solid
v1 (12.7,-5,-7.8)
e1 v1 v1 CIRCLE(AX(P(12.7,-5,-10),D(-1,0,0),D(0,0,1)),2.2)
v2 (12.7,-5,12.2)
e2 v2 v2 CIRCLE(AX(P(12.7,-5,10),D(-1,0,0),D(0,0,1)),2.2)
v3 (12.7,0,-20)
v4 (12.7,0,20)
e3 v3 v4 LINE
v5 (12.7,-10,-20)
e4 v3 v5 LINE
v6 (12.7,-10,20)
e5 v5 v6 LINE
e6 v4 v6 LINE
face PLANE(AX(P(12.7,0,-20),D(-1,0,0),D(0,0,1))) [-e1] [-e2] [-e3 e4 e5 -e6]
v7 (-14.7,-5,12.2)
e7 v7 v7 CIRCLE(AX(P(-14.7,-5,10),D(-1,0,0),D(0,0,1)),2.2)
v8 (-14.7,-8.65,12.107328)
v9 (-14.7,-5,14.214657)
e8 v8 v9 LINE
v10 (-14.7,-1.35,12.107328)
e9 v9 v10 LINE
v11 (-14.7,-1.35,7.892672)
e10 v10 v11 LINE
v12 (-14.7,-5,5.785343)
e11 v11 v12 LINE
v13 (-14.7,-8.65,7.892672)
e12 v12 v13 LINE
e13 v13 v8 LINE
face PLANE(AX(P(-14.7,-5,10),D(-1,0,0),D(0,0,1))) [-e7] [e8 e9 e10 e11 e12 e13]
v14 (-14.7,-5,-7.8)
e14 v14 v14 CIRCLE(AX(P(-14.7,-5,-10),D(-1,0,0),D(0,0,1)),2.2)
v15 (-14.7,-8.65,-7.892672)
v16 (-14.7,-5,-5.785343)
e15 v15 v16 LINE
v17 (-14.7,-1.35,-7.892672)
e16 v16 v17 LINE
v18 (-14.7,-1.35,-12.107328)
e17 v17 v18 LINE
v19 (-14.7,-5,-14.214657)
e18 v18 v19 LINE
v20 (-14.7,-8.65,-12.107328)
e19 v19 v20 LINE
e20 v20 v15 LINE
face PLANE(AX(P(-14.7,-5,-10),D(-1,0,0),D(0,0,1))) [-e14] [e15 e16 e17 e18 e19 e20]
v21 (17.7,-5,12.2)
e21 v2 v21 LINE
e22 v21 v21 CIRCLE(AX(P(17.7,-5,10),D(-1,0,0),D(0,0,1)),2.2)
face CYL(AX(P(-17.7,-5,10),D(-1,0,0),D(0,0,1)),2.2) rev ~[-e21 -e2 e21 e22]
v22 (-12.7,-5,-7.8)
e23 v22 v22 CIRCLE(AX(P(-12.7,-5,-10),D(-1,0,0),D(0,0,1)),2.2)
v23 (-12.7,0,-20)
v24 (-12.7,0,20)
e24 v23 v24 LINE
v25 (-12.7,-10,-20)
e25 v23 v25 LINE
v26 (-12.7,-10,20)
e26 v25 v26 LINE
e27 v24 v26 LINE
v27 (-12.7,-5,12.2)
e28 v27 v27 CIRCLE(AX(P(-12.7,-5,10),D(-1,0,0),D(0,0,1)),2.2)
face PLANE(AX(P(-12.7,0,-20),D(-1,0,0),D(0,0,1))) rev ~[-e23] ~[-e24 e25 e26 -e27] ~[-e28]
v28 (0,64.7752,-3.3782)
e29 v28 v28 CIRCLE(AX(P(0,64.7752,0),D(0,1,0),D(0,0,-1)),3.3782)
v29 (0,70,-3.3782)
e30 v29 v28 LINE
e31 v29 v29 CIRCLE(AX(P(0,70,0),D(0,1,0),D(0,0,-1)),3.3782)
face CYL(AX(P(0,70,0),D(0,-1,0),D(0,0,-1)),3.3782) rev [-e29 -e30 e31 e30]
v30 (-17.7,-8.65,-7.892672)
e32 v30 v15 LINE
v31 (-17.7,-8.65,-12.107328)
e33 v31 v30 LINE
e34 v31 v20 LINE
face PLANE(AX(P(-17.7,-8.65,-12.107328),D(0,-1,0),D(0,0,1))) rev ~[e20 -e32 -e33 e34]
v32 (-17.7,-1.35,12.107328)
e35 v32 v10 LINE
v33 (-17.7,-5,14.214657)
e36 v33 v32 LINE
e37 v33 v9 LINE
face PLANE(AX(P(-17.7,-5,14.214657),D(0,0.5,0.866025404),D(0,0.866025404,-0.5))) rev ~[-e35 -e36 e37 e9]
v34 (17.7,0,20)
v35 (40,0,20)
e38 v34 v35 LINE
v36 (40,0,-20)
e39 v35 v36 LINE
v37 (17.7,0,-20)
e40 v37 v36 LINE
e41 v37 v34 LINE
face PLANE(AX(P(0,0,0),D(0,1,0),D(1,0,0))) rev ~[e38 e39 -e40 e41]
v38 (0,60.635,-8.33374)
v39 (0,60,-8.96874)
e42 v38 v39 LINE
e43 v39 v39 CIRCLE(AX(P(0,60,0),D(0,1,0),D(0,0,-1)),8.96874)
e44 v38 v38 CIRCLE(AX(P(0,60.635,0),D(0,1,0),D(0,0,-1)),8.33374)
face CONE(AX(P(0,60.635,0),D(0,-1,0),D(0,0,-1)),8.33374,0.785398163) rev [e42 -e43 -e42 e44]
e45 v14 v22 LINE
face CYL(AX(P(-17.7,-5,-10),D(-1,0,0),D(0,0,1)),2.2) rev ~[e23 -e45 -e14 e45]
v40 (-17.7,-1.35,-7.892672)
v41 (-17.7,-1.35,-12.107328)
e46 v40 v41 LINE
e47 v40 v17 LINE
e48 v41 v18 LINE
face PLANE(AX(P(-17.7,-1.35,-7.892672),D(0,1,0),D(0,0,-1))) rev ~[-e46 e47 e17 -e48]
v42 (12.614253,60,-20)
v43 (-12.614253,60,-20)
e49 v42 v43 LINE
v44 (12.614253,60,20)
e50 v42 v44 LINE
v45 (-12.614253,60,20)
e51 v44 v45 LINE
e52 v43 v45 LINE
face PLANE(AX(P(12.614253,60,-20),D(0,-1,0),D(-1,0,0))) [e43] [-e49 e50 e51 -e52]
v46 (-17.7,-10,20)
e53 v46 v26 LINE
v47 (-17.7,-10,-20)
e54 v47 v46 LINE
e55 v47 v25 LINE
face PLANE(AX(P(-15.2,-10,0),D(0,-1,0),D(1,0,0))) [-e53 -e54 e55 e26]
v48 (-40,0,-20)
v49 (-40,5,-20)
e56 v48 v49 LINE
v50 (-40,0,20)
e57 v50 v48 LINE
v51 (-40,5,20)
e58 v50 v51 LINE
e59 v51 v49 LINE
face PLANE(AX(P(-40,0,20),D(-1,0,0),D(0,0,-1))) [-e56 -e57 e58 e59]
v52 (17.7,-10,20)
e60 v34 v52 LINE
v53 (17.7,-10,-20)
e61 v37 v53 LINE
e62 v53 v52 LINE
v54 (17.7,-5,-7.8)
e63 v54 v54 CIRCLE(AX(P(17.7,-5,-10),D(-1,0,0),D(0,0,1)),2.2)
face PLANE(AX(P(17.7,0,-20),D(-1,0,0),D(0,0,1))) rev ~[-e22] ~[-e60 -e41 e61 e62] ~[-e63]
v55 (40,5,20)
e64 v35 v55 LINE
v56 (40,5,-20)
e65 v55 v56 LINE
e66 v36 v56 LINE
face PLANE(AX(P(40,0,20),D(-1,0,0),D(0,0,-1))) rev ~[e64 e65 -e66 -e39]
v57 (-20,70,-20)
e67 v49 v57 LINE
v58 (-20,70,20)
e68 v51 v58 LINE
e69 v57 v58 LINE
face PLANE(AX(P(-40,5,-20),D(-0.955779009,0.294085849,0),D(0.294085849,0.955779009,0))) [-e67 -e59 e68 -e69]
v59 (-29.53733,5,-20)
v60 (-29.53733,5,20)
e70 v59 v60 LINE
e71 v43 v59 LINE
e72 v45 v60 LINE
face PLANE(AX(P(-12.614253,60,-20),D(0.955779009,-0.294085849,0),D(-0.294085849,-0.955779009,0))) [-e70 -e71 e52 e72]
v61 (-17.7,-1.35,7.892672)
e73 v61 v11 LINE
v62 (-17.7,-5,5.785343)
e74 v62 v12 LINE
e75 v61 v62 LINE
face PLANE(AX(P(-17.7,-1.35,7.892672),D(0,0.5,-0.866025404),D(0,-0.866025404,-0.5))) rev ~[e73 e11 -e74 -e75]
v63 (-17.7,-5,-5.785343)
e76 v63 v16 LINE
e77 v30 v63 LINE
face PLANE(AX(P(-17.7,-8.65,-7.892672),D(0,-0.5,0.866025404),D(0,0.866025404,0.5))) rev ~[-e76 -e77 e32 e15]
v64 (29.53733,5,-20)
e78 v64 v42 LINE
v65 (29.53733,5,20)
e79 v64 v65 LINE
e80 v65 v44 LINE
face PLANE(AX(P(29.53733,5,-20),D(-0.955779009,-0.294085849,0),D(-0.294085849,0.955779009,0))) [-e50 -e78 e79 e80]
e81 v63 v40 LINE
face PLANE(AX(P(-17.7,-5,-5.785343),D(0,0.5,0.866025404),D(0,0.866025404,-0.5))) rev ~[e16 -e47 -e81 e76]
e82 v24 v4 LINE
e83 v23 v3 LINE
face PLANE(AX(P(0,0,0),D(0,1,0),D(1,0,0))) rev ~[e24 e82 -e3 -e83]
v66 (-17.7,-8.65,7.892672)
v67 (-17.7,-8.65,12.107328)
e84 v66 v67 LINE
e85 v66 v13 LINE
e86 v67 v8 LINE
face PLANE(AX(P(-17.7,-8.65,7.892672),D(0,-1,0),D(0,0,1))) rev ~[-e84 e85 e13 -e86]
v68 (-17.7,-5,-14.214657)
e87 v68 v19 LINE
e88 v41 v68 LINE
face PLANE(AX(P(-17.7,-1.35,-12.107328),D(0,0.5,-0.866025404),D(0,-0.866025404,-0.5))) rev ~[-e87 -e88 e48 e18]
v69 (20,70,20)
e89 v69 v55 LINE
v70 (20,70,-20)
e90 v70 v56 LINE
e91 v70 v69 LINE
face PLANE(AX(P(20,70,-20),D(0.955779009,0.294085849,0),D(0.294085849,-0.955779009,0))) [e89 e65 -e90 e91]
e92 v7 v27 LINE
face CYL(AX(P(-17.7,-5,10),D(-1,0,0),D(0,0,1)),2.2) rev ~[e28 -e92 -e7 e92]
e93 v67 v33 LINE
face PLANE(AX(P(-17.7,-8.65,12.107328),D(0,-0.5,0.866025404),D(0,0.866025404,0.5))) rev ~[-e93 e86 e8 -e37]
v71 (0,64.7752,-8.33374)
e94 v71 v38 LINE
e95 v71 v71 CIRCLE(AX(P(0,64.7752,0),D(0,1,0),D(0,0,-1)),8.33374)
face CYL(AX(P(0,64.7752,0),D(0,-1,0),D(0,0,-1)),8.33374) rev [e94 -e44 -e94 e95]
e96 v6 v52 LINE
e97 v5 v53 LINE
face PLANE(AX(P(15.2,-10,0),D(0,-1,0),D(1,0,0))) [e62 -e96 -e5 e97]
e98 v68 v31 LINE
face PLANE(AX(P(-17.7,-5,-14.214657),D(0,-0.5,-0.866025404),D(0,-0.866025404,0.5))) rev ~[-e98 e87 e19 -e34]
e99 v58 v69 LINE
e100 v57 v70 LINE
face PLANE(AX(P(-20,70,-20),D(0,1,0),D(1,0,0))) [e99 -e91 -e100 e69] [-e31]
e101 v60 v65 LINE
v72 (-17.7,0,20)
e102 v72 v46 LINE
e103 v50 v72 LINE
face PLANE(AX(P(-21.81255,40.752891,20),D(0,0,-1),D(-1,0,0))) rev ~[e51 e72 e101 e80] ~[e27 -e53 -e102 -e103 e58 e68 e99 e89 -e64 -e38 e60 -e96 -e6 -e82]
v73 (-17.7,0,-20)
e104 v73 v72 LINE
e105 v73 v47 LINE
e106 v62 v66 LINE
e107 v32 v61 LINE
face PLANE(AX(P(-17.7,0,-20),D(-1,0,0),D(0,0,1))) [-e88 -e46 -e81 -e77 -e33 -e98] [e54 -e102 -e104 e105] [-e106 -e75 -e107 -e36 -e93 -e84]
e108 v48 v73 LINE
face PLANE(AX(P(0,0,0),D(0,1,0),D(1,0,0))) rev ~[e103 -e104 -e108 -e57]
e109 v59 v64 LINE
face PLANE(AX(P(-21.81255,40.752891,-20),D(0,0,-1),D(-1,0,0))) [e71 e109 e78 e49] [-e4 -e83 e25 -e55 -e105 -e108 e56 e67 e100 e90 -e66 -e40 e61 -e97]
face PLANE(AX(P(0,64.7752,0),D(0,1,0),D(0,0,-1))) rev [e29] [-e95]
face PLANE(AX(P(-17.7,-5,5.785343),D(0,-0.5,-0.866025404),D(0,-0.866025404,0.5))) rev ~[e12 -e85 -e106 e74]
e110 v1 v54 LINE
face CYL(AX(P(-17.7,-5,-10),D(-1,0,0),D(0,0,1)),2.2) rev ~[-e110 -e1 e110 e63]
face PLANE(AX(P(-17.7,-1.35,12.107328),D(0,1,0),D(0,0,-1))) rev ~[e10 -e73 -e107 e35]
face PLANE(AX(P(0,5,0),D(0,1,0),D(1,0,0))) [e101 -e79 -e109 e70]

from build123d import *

# Parameters (mm, degrees)
SKETCH1_W           = 80
SKETCH1_H           = 40
BOSS_EXTRUDE1_DEPTH = 5
SKETCH2_W           = 5
SKETCH2_H           = 40
BOSS_EXTRUDE2_DEPTH = 10
SKETCH3_R           = 2.2
CUT_EXTRUDE1_DEPTH  = 62.881257259
CUT_EXTRUDE2_DEPTH  = 3
BOSS_EXTRUDE3_DEPTH = 40


with BuildPart() as part:
    # Sketch1 → Boss-Extrude1 (new body)
    with BuildSketch(Plane(origin=(0, 0, 0), x_dir=(1, 0, 0), z_dir=(0, 1, 0))):
        Rectangle(SKETCH1_W, SKETCH1_H)
    extrude(amount=BOSS_EXTRUDE1_DEPTH)

    # Sketch2 → Boss-Extrude2 (add)
    with BuildSketch(Plane.XZ):
        with Locations((15.2, 0)):
            Rectangle(SKETCH2_W, SKETCH2_H)
        with Locations((-15.2, 0)):
            Rectangle(SKETCH2_W, SKETCH2_H)
    extrude(amount=BOSS_EXTRUDE2_DEPTH)

    # Sketch3 → Cut-Extrude1 (cut, through all)
    with BuildSketch(Plane.ZY.offset(17.7)):
        with Locations((-10, -5)):
            Circle(SKETCH3_R)
        with Locations((10, -5)):
            Circle(SKETCH3_R)
    extrude(amount=-CUT_EXTRUDE1_DEPTH, mode=Mode.SUBTRACT)

    # Sketch4 → Cut-Extrude2 (cut)
    with BuildSketch(Plane.ZY.offset(17.7)):
        Polygon((-7.892671517, -1.35), (-12.107328483, -1.35), (-14.214656965, -5), (-12.107328483, -8.65), (-7.892671517, -8.65), (-5.785343035, -5), align=None)
        Polygon((12.107328483, -1.35), (7.892671517, -1.35), (5.785343035, -5), (7.892671517, -8.65), (12.107328483, -8.65), (14.214656965, -5), align=None)
    extrude(amount=-CUT_EXTRUDE2_DEPTH, mode=Mode.SUBTRACT)

    # Sketch7 → Boss-Extrude3 (add)
    with BuildSketch(Plane(origin=(0, 0, -20), x_dir=(-1, 0, 0), z_dir=(0, 0, -1))):
        Polygon((0, 70), (0, 60), (12.614253455, 60), (29.537330378, 5), (40, 5), (20, 70), align=None)
        Polygon((-12.614253455, 60), (0, 60), (0, 70), (-20, 70), (-40, 5), (-29.537330378, 5), align=None)
    extrude(amount=-BOSS_EXTRUDE3_DEPTH)

    # Sketch6 → CBORE for 1/4 Square Head Bolt1 (revolve, cut)
    with BuildSketch(Plane(origin=(0, 60, 0), x_dir=(0, 0, -1), z_dir=(1, 0, 0))):
        Polygon((0, 0), (0, 10), (3.3782, 10), (3.3782, 4.7752), (8.33374, 4.7752), (8.33374, 0.635), (8.96874, 0), align=None)
    revolve(axis=Axis((0, 53.65, 0), (0, 1, 0)), mode=Mode.SUBTRACT)


solid = part.part
